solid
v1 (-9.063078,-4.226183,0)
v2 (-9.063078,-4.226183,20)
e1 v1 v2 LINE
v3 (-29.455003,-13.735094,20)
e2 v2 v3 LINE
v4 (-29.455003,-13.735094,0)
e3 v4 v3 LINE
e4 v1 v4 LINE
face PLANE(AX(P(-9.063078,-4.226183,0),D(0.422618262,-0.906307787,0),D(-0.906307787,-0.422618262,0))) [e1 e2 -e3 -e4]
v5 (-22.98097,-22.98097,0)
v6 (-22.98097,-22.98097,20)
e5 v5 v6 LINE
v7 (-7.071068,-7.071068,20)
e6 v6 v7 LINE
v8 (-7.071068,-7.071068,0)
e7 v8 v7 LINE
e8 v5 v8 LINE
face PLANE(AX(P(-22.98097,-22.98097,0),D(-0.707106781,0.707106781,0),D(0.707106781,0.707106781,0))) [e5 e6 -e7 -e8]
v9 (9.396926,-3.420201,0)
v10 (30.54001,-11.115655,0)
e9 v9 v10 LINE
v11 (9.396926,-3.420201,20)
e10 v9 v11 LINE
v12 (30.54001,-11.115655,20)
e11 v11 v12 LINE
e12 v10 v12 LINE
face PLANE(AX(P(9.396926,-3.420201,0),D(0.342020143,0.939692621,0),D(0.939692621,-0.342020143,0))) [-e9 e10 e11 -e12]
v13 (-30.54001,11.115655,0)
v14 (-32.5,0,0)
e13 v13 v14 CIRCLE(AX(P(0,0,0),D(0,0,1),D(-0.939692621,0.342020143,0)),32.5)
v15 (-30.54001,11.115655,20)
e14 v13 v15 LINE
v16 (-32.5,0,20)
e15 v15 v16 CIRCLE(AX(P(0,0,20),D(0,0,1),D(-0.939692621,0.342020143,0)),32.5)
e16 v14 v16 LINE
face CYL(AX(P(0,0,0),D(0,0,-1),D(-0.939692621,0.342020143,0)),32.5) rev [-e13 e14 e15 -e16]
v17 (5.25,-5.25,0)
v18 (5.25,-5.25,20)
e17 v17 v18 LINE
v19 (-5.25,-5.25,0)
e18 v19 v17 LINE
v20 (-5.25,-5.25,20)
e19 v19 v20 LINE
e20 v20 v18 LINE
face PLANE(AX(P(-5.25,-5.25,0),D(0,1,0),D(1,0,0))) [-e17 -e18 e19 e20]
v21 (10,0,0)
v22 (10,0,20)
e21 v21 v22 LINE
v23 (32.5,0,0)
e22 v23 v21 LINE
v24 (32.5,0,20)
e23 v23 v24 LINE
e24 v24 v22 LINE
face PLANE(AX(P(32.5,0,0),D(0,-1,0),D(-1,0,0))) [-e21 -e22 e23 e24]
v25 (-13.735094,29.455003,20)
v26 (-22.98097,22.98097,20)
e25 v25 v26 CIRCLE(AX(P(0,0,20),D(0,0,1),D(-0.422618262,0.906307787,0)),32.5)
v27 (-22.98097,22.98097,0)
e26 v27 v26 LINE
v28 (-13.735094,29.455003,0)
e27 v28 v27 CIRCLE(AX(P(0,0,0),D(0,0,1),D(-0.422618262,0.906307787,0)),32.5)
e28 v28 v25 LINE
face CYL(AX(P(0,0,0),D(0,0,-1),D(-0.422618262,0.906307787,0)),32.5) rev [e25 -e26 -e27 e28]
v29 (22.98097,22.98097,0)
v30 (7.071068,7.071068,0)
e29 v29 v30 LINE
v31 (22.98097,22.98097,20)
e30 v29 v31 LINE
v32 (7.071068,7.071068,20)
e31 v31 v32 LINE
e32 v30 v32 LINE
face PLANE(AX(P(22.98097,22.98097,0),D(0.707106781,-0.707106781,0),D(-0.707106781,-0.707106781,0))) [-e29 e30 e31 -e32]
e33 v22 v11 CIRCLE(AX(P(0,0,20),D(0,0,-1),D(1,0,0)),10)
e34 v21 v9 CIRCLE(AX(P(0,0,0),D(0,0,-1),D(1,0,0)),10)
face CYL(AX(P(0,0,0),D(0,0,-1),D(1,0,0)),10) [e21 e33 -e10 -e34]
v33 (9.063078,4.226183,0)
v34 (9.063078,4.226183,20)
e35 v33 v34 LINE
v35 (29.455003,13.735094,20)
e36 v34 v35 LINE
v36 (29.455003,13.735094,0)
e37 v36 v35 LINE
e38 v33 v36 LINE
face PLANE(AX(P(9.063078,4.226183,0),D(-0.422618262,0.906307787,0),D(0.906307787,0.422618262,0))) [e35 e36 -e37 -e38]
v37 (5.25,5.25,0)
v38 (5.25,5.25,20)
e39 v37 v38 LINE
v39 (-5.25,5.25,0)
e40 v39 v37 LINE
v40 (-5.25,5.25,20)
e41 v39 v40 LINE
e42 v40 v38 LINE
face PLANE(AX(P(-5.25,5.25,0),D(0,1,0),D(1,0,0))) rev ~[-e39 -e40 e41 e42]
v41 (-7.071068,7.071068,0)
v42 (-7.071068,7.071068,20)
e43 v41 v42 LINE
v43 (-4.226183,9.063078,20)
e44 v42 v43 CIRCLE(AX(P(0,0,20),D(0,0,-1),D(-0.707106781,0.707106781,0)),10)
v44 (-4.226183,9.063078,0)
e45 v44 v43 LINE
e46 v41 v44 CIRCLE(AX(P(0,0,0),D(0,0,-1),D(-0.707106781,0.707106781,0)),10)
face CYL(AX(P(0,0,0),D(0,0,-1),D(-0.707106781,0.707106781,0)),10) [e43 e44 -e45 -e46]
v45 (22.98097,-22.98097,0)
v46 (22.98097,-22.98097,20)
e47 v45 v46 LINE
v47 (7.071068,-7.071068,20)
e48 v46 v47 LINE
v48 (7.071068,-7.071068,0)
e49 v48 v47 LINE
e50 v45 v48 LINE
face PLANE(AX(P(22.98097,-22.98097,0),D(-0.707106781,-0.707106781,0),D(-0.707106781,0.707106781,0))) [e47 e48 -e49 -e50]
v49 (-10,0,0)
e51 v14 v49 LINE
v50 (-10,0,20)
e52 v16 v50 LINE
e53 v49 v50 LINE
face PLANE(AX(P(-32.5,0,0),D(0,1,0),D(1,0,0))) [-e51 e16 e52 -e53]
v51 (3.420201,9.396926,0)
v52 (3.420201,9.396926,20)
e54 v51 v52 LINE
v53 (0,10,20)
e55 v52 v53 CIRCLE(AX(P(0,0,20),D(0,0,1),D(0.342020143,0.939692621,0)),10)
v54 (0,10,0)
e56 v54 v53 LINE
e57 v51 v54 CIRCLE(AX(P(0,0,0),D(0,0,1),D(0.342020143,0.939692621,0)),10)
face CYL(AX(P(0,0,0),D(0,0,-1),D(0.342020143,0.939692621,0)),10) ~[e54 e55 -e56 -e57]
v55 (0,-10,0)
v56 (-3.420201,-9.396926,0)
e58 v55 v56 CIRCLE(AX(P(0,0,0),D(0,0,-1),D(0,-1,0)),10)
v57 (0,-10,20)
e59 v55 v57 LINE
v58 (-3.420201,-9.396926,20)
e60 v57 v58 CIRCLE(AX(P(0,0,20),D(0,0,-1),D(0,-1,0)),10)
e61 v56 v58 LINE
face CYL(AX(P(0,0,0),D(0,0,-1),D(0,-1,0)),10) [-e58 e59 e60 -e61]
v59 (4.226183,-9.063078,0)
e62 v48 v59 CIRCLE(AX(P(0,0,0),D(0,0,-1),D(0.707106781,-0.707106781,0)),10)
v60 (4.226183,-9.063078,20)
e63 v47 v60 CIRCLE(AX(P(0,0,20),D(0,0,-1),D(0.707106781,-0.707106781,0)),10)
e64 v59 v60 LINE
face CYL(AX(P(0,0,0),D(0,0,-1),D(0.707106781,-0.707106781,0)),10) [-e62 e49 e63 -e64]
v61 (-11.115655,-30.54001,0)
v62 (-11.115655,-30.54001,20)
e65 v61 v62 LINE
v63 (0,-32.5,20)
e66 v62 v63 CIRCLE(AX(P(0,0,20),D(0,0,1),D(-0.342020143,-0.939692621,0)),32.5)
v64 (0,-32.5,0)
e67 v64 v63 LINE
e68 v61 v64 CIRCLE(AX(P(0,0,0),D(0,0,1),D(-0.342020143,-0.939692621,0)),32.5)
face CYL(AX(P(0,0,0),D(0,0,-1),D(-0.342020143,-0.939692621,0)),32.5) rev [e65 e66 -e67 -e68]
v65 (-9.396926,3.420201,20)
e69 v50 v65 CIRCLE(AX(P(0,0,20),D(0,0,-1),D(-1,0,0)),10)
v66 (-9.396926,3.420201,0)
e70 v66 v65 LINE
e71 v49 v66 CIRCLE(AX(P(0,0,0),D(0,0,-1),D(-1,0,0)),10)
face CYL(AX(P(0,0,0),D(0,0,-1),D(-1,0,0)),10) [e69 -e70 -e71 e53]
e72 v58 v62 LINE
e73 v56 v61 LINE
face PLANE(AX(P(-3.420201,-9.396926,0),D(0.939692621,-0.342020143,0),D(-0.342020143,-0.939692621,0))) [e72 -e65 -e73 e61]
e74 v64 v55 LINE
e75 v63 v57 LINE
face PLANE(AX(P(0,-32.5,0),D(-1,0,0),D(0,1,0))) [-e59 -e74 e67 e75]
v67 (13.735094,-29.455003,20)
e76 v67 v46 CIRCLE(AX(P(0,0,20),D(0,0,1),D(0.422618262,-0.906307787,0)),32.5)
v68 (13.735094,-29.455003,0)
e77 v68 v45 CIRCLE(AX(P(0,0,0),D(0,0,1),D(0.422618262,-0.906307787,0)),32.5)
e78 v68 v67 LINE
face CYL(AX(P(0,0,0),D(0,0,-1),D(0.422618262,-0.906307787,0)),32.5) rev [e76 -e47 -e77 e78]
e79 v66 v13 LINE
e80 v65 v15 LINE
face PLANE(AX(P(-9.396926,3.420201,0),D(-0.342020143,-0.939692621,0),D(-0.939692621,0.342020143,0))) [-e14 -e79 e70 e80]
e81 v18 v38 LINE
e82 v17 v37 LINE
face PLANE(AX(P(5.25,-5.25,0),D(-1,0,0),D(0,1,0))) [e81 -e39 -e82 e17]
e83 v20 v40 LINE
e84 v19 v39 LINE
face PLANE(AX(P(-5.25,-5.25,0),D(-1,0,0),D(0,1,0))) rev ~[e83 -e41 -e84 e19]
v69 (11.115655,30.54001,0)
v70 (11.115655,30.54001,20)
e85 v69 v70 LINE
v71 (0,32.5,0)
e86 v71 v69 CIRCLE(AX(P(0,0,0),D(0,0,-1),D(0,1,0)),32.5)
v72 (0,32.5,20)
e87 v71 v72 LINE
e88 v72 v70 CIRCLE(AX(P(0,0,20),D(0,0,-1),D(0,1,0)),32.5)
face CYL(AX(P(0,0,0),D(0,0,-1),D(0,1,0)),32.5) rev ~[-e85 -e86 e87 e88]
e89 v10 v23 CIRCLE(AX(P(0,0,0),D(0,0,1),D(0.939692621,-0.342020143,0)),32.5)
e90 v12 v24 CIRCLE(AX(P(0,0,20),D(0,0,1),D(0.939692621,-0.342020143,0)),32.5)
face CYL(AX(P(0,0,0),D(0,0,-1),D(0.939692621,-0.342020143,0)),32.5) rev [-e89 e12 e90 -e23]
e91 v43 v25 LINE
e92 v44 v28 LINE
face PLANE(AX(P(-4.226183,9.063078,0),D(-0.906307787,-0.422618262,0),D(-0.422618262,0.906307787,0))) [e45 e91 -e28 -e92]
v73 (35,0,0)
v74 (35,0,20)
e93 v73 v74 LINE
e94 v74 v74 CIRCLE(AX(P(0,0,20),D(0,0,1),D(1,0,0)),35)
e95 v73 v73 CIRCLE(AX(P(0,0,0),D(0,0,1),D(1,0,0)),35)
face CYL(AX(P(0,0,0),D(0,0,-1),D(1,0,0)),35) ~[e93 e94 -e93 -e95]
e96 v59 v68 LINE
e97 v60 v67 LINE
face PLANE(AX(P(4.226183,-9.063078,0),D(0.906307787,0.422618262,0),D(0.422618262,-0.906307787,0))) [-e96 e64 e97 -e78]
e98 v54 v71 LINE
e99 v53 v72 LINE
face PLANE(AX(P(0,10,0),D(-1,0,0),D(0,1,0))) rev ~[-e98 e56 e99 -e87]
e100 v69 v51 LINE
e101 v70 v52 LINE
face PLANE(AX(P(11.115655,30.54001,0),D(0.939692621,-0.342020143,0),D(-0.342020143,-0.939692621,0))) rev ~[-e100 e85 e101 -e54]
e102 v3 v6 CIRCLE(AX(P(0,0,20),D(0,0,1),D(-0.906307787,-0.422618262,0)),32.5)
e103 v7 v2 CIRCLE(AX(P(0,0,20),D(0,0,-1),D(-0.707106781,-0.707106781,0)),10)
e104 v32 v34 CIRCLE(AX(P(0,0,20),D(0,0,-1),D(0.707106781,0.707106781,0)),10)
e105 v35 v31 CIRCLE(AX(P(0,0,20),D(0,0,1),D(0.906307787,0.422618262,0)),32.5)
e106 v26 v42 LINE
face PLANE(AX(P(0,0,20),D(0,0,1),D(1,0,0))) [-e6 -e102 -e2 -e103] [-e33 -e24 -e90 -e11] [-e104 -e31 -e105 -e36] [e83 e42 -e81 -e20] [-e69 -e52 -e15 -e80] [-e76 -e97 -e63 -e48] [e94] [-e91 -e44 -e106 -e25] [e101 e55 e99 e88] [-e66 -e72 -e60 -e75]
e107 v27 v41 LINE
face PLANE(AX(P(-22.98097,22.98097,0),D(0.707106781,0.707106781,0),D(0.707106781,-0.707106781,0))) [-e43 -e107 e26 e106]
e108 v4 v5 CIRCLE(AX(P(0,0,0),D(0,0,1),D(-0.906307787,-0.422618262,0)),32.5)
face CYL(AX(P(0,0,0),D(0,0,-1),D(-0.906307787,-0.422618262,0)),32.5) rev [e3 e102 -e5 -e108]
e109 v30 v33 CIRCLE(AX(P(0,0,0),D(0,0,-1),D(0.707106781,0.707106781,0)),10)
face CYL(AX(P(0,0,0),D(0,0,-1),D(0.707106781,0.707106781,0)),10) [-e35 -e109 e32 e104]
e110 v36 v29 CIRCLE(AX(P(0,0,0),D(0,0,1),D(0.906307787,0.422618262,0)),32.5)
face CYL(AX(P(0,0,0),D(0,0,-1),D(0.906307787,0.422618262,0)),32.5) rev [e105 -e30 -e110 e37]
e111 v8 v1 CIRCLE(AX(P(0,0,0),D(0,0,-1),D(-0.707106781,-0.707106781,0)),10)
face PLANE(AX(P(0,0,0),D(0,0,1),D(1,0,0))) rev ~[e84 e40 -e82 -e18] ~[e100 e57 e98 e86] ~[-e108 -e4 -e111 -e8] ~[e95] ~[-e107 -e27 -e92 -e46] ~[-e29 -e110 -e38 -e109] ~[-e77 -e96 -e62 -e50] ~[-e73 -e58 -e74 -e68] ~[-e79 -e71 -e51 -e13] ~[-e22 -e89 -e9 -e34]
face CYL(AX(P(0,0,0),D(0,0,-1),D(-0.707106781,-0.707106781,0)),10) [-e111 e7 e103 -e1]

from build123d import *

# Parameters (mm, degrees)
SKETCH_2_R      = 35
SKETCH_2_W      = 10.5
SKETCH_2_H      = 10.5
EXTRUDE_1_DEPTH = 20


with BuildPart() as part:
    # Эскиз2 → Бобышка-Вытянуть1 (new body)
    with BuildSketch(Plane.XY):
        Circle(SKETCH_2_R)
        with BuildLine():
            ThreePointArc((-30.540010176, 11.115654658), (-32.006251973, 5.643565774), (-32.5, 0))
            Line((-32.5, 0), (-10, 0))
            ThreePointArc((-10, 0), (-9.84807753, 1.736481777), (-9.396926208, 3.420201433))
            Line((-9.396926208, 3.420201433), (-30.540010176, 11.115654658))
        make_face(mode=Mode.SUBTRACT)
        with BuildLine():
            ThreePointArc((-11.115654658, -30.540010176), (-5.643565774, -32.006251973), (0, -32.5))
            Line((0, -32.5), (0, -10))
            ThreePointArc((0, -10), (-1.736481777, -9.84807753), (-3.420201433, -9.396926208))
            Line((-3.420201433, -9.396926208), (-11.115654658, -30.540010176))
        make_face(mode=Mode.SUBTRACT)
        with BuildLine():
            ThreePointArc((30.540010176, -11.115654658), (32.006251973, -5.643565774), (32.5, 0))
            Line((32.5, 0), (10, 0))
            ThreePointArc((10, 0), (9.84807753, -1.736481777), (9.396926208, -3.420201433))
            Line((9.396926208, -3.420201433), (30.540010176, -11.115654658))
        make_face(mode=Mode.SUBTRACT)
        with BuildLine():
            ThreePointArc((-13.735093507, 29.455003079), (-18.641234181, 26.622441439), (-22.980970389, 22.980970389))
            Line((-22.980970389, 22.980970389), (-7.071067812, 7.071067812))
            ThreePointArc((-7.071067812, 7.071067812), (-5.735764364, 8.191520443), (-4.226182617, 9.06307787))
            Line((-4.226182617, 9.06307787), (-13.735093507, 29.455003079))
        make_face(mode=Mode.SUBTRACT)
        Rectangle(SKETCH_2_W, SKETCH_2_H, mode=Mode.SUBTRACT)
        with BuildLine():
            Line((0, 10), (0, 32.5))
            ThreePointArc((0, 32.5), (5.643565774, 32.006251973), (11.115654658, 30.540010176))
            Line((11.115654658, 30.540010176), (3.420201433, 9.396926208))
            ThreePointArc((3.420201433, 9.396926208), (1.736481777, 9.84807753), (0, 10))
        make_face(mode=Mode.SUBTRACT)
        with BuildLine():
            Line((9.06307787, 4.226182617), (29.455003079, 13.735093507))
            ThreePointArc((29.455003079, 13.735093507), (26.622441439, 18.641234181), (22.980970389, 22.980970389))
            Line((22.980970389, 22.980970389), (7.071067812, 7.071067812))
            ThreePointArc((7.071067812, 7.071067812), (8.191520443, 5.735764364), (9.06307787, 4.226182617))
        make_face(mode=Mode.SUBTRACT)
        with BuildLine():
            Line((4.226182617, -9.06307787), (13.735093507, -29.455003079))
            ThreePointArc((13.735093507, -29.455003079), (18.641234181, -26.622441439), (22.980970389, -22.980970389))
            Line((22.980970389, -22.980970389), (7.071067812, -7.071067812))
            ThreePointArc((7.071067812, -7.071067812), (5.735764364, -8.191520443), (4.226182617, -9.06307787))
        make_face(mode=Mode.SUBTRACT)
        with BuildLine():
            Line((-9.06307787, -4.226182617), (-29.455003079, -13.735093507))
            ThreePointArc((-29.455003079, -13.735093507), (-26.622441439, -18.641234181), (-22.980970389, -22.980970389))
            Line((-22.980970389, -22.980970389), (-7.071067812, -7.071067812))
            ThreePointArc((-7.071067812, -7.071067812), (-8.191520443, -5.735764364), (-9.06307787, -4.226182617))
        make_face(mode=Mode.SUBTRACT)
    extrude(amount=EXTRUDE_1_DEPTH)


solid = part.part
